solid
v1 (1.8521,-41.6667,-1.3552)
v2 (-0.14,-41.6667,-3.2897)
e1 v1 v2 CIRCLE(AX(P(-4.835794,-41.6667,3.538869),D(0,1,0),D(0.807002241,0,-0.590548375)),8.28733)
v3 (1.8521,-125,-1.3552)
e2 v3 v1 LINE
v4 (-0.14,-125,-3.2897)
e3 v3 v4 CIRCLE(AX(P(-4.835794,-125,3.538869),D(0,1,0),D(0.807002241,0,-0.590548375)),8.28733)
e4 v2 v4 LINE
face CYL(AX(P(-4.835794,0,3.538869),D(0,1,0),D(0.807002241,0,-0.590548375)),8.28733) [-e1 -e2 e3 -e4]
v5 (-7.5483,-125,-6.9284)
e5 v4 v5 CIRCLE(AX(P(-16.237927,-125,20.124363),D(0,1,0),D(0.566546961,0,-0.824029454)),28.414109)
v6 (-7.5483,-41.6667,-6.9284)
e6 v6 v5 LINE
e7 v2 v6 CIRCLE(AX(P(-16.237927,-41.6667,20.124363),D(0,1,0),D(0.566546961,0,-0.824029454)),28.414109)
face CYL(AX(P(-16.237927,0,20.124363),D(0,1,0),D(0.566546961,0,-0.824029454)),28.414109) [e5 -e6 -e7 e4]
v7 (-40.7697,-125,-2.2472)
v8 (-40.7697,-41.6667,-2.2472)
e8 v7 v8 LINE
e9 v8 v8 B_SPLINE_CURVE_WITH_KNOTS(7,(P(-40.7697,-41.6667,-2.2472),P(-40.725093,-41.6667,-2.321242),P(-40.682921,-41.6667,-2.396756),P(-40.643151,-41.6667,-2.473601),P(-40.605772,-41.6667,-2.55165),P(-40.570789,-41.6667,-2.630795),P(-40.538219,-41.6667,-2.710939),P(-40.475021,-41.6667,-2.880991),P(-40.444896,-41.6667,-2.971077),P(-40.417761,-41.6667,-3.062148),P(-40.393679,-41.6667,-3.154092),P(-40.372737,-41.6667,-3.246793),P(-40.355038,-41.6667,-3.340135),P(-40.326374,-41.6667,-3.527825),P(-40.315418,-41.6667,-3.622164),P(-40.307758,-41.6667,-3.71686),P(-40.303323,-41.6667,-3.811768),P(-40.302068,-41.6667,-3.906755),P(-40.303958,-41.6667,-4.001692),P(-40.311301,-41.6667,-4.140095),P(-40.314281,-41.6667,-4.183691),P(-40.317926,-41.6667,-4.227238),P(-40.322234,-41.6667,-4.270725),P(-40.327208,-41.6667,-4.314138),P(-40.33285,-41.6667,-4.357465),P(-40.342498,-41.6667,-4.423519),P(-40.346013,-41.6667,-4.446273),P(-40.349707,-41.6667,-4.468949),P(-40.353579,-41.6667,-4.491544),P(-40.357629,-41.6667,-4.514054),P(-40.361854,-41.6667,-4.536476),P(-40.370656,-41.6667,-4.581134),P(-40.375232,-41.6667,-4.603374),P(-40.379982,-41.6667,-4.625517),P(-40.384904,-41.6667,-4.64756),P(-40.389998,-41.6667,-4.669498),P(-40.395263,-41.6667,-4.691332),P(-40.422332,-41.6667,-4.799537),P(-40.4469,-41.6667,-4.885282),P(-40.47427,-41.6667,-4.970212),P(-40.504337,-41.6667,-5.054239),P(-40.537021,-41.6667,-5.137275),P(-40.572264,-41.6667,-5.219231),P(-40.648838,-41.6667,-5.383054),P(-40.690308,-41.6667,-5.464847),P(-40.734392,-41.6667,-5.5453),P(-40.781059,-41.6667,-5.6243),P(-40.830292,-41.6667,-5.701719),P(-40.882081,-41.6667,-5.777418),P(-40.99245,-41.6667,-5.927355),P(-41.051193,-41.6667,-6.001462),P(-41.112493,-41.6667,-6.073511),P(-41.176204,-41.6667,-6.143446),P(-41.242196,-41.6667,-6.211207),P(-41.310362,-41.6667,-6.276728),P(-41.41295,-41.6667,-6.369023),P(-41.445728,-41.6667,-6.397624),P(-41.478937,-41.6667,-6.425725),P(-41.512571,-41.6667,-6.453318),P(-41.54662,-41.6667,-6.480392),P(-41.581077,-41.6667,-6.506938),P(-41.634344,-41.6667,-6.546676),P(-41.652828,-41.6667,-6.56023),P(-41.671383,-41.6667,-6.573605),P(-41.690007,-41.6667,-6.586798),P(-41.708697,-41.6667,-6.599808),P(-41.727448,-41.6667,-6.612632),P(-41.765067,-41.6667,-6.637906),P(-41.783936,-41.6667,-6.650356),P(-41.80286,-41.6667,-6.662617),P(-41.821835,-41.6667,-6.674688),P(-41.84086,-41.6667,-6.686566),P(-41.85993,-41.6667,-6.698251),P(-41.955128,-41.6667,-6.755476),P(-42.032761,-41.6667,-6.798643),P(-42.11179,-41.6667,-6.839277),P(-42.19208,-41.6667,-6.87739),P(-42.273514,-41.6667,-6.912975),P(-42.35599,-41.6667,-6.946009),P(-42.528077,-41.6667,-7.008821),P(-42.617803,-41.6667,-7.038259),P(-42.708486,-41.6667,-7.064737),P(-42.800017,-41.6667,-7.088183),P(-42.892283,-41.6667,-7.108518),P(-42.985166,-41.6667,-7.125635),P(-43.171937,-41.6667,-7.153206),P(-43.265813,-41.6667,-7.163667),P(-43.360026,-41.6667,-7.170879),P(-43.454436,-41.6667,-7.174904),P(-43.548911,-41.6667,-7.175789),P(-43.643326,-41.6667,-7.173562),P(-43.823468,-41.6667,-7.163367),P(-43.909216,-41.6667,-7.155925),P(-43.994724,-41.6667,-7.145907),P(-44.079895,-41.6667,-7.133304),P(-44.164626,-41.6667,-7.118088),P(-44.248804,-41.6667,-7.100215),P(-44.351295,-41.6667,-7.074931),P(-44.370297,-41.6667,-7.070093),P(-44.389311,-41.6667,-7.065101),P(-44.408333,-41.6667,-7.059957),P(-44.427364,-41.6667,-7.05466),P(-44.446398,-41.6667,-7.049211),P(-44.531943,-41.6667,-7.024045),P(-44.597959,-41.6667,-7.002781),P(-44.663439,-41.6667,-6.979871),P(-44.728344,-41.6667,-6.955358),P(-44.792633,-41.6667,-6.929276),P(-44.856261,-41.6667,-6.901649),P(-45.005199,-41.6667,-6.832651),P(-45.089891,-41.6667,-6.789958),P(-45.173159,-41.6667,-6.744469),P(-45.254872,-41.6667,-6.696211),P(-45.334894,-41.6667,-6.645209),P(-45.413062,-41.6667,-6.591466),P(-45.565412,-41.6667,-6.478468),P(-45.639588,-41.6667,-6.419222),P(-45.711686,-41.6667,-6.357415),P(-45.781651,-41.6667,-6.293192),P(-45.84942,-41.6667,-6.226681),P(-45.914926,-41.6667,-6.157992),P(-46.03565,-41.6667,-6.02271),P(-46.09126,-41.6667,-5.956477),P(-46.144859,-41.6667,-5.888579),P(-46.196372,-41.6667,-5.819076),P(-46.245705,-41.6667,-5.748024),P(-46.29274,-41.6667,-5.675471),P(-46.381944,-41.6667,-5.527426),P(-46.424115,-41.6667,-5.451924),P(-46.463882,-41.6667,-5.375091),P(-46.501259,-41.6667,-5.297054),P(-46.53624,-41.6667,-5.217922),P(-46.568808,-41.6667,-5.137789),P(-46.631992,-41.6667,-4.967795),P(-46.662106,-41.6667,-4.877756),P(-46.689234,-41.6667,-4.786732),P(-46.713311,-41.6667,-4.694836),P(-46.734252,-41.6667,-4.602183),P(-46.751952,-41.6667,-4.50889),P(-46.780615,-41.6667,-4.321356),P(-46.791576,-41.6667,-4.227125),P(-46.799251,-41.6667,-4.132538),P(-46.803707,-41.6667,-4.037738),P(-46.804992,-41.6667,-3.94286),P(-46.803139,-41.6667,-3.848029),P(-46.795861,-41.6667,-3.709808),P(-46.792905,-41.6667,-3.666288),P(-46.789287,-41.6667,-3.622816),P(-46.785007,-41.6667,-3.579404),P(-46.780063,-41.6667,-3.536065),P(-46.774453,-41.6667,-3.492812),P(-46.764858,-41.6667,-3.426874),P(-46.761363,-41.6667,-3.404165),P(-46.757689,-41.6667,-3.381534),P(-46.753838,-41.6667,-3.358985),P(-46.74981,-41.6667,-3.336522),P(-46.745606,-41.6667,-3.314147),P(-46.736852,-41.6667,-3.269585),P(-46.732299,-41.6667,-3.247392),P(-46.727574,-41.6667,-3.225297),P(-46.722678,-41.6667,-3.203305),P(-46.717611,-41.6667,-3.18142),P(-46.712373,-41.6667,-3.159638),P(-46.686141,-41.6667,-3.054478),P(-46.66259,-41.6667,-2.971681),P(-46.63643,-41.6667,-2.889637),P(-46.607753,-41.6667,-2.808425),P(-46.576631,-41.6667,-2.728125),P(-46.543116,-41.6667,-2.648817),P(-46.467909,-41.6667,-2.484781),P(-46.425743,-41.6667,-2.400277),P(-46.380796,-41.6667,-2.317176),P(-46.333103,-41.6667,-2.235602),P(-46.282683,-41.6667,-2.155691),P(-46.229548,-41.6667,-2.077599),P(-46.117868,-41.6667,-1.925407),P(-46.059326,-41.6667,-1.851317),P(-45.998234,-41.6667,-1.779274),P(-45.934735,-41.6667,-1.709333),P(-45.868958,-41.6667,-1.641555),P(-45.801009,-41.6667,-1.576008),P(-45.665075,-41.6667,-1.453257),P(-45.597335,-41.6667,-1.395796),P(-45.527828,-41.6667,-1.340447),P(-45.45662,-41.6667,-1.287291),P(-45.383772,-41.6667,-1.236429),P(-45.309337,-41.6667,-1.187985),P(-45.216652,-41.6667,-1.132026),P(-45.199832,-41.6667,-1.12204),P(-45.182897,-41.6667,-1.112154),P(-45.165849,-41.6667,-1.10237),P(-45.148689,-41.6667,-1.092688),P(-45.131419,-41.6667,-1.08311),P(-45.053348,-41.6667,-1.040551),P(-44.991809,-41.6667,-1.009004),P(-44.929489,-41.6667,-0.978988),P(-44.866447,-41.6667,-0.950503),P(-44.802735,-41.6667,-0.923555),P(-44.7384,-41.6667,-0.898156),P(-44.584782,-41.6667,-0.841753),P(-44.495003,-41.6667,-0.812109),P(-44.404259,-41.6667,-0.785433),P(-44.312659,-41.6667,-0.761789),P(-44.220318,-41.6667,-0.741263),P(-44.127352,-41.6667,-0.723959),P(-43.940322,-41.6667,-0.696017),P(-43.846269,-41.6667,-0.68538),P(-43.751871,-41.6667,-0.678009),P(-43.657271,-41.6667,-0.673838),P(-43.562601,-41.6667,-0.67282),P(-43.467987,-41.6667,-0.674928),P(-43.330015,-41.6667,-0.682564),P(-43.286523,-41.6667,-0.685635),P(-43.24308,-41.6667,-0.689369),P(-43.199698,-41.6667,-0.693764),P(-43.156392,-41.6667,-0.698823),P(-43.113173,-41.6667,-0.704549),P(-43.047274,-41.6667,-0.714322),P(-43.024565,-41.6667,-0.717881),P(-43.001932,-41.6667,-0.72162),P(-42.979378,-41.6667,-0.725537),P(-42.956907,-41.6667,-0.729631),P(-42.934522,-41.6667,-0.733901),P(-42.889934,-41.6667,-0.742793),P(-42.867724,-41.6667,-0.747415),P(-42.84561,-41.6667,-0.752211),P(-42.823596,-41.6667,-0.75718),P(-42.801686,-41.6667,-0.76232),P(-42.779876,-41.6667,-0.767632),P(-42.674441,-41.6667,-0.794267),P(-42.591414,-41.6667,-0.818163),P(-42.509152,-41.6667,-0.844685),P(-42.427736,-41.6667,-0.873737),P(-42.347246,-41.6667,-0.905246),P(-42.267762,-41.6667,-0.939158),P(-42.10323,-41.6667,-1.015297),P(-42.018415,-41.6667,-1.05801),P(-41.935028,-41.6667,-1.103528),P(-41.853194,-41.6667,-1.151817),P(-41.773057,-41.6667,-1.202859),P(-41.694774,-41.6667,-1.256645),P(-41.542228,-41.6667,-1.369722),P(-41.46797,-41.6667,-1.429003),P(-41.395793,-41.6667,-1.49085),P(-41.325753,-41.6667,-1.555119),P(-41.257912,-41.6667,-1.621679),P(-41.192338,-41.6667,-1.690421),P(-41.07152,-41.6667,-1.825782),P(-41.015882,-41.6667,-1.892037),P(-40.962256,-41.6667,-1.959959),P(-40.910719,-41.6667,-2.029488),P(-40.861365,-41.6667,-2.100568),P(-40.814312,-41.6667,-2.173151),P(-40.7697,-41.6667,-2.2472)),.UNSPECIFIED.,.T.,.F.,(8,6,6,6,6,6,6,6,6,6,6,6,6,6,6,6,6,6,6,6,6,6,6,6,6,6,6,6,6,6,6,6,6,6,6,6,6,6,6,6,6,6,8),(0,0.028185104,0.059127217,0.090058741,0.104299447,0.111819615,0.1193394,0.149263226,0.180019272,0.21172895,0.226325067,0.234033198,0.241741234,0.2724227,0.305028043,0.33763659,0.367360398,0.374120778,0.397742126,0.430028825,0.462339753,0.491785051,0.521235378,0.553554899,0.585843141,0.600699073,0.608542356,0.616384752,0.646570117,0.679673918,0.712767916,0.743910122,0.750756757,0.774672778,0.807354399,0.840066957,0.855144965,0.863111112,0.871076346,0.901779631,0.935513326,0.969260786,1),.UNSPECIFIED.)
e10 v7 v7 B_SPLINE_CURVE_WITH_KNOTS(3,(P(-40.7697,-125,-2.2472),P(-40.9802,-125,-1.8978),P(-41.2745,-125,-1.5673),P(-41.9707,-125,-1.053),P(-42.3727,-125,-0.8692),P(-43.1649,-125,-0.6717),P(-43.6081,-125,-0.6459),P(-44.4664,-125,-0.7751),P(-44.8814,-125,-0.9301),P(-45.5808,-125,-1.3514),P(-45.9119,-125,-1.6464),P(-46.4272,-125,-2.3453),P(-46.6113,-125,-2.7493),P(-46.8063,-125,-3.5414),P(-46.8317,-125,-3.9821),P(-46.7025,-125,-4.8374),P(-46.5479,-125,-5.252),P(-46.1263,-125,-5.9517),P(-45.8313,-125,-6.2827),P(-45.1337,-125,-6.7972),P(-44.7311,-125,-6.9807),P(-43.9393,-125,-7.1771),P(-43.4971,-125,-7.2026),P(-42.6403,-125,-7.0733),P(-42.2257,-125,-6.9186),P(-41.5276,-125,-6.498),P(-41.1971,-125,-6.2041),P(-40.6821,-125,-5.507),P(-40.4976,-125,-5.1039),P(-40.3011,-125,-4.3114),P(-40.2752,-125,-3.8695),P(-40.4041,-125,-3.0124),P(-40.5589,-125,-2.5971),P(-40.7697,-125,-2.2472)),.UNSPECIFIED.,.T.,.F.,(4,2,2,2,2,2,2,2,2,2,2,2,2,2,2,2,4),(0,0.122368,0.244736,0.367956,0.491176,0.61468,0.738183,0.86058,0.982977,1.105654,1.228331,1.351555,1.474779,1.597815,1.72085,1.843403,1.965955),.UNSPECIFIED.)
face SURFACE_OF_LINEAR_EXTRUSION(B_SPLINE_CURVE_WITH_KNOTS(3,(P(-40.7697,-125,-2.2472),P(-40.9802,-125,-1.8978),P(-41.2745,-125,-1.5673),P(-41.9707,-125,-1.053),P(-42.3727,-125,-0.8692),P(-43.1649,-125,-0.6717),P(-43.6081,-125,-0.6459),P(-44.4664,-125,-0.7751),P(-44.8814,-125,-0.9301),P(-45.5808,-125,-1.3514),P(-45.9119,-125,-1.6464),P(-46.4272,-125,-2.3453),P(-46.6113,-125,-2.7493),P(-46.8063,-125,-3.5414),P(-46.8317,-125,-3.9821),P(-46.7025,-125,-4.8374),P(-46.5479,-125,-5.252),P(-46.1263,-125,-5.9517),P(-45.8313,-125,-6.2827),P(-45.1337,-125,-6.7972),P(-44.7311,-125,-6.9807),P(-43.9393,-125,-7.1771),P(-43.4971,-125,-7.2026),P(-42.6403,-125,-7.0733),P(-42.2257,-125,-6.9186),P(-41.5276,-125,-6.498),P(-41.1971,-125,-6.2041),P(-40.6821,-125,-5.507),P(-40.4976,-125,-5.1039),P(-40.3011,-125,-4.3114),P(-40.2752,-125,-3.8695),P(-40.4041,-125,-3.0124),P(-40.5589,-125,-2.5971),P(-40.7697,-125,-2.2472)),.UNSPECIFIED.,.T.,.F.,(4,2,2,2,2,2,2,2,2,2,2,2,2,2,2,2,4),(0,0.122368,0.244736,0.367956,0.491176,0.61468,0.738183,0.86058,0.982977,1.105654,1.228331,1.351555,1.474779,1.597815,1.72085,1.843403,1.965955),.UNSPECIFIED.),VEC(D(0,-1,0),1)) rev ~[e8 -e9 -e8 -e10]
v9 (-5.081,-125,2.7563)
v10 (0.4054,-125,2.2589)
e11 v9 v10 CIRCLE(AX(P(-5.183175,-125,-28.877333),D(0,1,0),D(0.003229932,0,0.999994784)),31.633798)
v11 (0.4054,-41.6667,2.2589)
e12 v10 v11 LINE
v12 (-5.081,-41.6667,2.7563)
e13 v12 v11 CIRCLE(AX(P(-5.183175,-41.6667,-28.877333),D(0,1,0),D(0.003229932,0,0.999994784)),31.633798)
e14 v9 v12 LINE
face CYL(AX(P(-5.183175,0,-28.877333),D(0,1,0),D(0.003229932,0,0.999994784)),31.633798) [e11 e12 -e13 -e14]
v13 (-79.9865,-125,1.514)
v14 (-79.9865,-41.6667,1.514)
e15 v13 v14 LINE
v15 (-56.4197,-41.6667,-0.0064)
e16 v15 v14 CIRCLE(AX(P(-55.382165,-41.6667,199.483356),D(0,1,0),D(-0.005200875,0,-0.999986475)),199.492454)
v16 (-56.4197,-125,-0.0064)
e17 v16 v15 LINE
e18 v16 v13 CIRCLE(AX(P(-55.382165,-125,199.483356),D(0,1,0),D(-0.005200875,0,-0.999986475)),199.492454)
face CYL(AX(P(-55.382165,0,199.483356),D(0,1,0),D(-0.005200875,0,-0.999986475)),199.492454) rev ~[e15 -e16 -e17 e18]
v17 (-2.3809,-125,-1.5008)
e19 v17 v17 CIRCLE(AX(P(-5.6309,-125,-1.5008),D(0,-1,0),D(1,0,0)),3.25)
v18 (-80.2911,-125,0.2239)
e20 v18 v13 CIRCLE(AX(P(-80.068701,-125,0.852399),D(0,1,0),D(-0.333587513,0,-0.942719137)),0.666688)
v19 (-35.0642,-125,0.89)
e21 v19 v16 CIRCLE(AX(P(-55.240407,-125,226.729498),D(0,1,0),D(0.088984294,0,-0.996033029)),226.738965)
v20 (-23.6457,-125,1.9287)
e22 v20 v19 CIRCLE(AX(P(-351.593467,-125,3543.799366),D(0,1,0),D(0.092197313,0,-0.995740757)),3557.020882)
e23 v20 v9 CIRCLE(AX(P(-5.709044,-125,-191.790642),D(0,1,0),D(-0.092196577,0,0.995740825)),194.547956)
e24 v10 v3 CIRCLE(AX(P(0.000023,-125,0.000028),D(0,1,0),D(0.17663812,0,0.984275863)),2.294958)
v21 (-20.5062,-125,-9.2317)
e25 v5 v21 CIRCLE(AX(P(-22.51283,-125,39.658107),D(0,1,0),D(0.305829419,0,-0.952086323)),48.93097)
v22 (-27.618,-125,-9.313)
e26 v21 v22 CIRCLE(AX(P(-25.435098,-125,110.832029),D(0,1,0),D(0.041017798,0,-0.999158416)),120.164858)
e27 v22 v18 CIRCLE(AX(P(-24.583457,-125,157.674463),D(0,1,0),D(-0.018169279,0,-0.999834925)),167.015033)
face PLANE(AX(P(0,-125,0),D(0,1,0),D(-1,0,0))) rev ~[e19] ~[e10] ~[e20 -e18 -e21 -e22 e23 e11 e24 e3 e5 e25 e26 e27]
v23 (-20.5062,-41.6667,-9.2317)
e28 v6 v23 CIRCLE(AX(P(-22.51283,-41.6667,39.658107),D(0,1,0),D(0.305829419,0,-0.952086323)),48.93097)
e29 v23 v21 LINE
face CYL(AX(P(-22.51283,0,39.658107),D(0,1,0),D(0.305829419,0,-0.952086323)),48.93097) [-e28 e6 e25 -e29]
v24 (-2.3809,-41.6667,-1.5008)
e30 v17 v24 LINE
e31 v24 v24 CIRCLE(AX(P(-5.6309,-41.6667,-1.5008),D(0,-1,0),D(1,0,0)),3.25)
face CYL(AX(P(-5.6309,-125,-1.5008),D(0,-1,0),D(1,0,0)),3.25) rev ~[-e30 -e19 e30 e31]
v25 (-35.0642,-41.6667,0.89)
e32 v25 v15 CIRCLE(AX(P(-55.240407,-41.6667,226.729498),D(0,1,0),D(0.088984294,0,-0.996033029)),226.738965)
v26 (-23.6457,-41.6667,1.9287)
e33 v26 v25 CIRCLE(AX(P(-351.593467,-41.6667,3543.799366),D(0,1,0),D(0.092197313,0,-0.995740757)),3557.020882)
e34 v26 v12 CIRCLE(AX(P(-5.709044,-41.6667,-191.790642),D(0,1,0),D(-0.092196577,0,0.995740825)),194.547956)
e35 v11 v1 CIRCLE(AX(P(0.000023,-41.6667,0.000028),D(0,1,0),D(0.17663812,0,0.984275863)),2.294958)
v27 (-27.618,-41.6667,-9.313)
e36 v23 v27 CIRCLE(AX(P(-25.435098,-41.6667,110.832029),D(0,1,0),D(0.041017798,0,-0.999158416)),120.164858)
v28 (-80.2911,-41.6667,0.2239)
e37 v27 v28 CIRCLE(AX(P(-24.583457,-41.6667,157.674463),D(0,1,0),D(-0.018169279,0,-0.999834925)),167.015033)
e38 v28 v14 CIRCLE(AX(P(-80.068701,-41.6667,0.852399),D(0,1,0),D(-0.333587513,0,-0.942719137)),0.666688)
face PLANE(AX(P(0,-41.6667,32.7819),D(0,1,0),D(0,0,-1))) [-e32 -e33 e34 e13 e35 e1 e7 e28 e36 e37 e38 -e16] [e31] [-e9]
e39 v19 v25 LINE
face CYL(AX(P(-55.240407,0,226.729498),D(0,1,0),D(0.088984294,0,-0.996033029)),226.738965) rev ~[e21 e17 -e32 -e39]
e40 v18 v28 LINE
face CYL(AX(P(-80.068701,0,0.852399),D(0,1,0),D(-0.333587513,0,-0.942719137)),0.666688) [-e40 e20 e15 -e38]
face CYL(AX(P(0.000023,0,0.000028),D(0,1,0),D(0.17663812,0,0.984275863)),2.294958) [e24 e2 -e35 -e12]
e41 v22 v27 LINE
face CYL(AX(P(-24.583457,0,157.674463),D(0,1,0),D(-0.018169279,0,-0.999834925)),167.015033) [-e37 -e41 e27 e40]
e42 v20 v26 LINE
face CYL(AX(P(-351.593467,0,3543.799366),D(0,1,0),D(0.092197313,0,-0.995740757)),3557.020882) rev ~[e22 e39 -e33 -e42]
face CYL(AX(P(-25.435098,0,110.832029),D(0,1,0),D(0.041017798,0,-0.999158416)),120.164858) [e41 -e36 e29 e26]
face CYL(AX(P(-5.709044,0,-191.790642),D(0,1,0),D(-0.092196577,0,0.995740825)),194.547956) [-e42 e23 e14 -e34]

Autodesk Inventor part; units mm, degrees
ref_plane "YZ Plane" through (0, 0, 0) normal (1, 0, 0) x (0, 1, 0)
ref_plane "XZ Plane" through (0, 0, 0) normal (0, 1, 0) x (-1, 0, 0)
sketch "スケッチ1" plane through (0, 0, 0) normal (0, 1, 0) x (-1, 0, 0)
  circle A0 centre (56.6667, -3.3333) radius 2 projected
  circle A1 centre (6.6667, -1.3333) radius 2 projected
  arc A2 (27.618, -9.313) -> (80.2911, 0.2239) centre (24.5838, 157.671) ccw projected
  arc A3 (20.5062, -9.2317) -> (27.618, -9.313) centre (25.435, 110.8283) ccw projected
  arc A4 (7.5483, -6.9284) -> (20.5062, -9.2317) centre (22.5133, 39.66) ccw projected
  arc A5 (0.14, -3.2897) -> (7.5483, -6.9284) centre (16.2383, 20.125) ccw projected
  arc A6 (-1.8521, -1.3552) -> (0.14, -3.2897) centre (4.8333, 3.5367) ccw projected
  arc A7 (-0.4054, 2.2589) -> (-1.8521, -1.3552) centre (0, 0) ccw projected
  arc A8 (5.081, 2.7563) -> (-0.4054, 2.2589) centre (5.1833, -28.88) ccw projected
  arc A9 (23.6457, 1.9287) -> (5.081, 2.7563) centre (5.71, -191.7767) ccw projected
  arc A10 (23.6457, 1.9287) -> (35.0642, 0.89) centre (351.2983, 3540.5833) ccw projected
  arc A11 (35.0642, 0.89) -> (56.4197, -0.0064) centre (55.24, 226.7233) ccw projected
  arc A12 (56.4197, -0.0064) -> (79.9865, 1.514) centre (55.3817, 199.4967) ccw projected
  arc A13 (80.2911, 0.2239) -> (79.9865, 1.514) centre (80.0687, 0.8524) ccw projected
extrude "押し出し1" add sketch "スケッチ1" along normal mid plane 250 contours A0 | A1 | A3 A4 A5 A6 A7 A8 A9 A10 A11 A12 A13 A2
ref_plane "作業平面1" through (-121.5758, 135, -17.9326) normal (0.516, 0, -0.8566) x (0.8566, 0, 0.516)
sketch "スケッチ4" plane through (-121.5758, 135, -17.9326) normal (0.516, 0, -0.8566) x (0.8566, 0, 0.516)
  arc A0 (90, 35) -> (0, 0) centre (90, -98.2143) ccw projected
  line L0 (183.3333, 35) -> (90, 35) projected
  line L1 (183.3333, 35) -> (183.3333, 0)
  line L2 (183.3333, 0) -> (0, 0)
  point P0 (113.3913, 135)
extrude "押し出し4" cut sketch "スケッチ4" along normal through all
sketch "スケッチ5" plane through (0, 0, 0) normal (1, 0, 0) x (0, 1, 0)
  line L0 (0, 39.4691) -> (142.1366, 39.4691)
  line L1 (142.1366, 39.4691) -> (142.1366, -52.6862)
  line L2 (142.1366, -52.6862) -> (0, -52.6862)
  line L3 (0, -52.6862) -> (0, 39.4691)
  line L4 (-125, 0.2239) -> (-125, -9.313) projected
  line L5 (-125, -9.313) -> (-125, -9.2317) projected
  line L6 (-125, -9.2317) -> (-125, -6.9284) projected
  line L7 (-125, -6.9284) -> (-125, -3.2897) projected
  line L8 (-125, -3.2897) -> (-125, -1.3552) projected
  line L9 (-125, -1.3552) -> (-125, 2.2589) projected
  line L10 (-125, 2.2589) -> (-125, 2.7563) projected
  line L11 (-125, 2.7563) -> (-125, 1.9287) projected
  line L12 (-125, 1.9287) -> (-125, 0.89) projected
  line L13 (-125, 0.89) -> (-125, -0.0064) projected
  line L14 (-125, -0.0064) -> (-125, 1.514) projected
  line L15 (-125, 1.514) -> (-125, 0.2239) projected
  line L16 (0, -36.0696) -> (0, 32.8586) projected
  line L17 (0, 32.7819) -> (-41.6667, 32.7819)
  line L18 (-41.6667, 32.7819) -> (-41.6667, -50.6187)
  line L19 (-41.6667, -50.6187) -> (0, -50.6187)
  line L20 (0, -50.6187) -> (0, 32.7819)
  point P0 (0, 0)
  dimension "d19" = 41.6667
extrude "押し出し5" cut sketch "スケッチ5" along normal through all both and the other way through all
sketch "スケッチ6" plane through (0, -125, 0) normal (0, -1, 0) x (1, 0, 0)
  spline S0 degree 3 poles (-40.7697, -2.2472) (-40.9802, -1.8978) (-41.2745, -1.5673) (-41.9707, -1.053) (-42.3727, -0.8692) (-43.1649, -0.6717) (-43.6081, -0.6459) (-44.4664, -0.7751) (-44.8814, -0.9301) (-45.5808, -1.3514) (-45.9119, -1.6464) (-46.4272, -2.3453) (-46.6113, -2.7493) (-46.8063, -3.5414) (-46.8317, -3.9821) (-46.7025, -4.8374) (-46.5479, -5.252) (-46.1263, -5.9517) (-45.8313, -6.2827) (-45.1337, -6.7972) (-44.7311, -6.9807) (-43.9393, -7.1771) (-43.4971, -7.2026) (-42.6403, -7.0733) (-42.2257, -6.9186) (-41.5276, -6.498) (-41.1971, -6.2041) (-40.6821, -5.507) (-40.4976, -5.1039) (-40.3011, -4.3114) (-40.2752, -3.8695) (-40.4041, -3.0124) (-40.5589, -2.5971) (-40.7697, -2.2472) knots 0 0 0 0 0.122368 0.122368 0.244736 0.244736 0.367956 0.367956 0.491176 0.491176 0.61468 0.61468 0.738183 0.738183 0.86058 0.86058 0.982977 0.982977 1.105654 1.105654 1.228331 1.228331 1.351555 1.351555 1.474779 1.474779 1.597815 1.597815 1.72085 1.72085 1.843403 1.843403 1.965955 1.965955 1.965955 1.965955 projected
  circle A0 centre (-5.6309, -1.5008) radius 3.25 projected
  point P0 (0, 0)
  point P1 (-40.7697, -2.2472)
extrude "押し出し6" cut sketch "スケッチ6" against normal through all
properties part number "newsubflap"
